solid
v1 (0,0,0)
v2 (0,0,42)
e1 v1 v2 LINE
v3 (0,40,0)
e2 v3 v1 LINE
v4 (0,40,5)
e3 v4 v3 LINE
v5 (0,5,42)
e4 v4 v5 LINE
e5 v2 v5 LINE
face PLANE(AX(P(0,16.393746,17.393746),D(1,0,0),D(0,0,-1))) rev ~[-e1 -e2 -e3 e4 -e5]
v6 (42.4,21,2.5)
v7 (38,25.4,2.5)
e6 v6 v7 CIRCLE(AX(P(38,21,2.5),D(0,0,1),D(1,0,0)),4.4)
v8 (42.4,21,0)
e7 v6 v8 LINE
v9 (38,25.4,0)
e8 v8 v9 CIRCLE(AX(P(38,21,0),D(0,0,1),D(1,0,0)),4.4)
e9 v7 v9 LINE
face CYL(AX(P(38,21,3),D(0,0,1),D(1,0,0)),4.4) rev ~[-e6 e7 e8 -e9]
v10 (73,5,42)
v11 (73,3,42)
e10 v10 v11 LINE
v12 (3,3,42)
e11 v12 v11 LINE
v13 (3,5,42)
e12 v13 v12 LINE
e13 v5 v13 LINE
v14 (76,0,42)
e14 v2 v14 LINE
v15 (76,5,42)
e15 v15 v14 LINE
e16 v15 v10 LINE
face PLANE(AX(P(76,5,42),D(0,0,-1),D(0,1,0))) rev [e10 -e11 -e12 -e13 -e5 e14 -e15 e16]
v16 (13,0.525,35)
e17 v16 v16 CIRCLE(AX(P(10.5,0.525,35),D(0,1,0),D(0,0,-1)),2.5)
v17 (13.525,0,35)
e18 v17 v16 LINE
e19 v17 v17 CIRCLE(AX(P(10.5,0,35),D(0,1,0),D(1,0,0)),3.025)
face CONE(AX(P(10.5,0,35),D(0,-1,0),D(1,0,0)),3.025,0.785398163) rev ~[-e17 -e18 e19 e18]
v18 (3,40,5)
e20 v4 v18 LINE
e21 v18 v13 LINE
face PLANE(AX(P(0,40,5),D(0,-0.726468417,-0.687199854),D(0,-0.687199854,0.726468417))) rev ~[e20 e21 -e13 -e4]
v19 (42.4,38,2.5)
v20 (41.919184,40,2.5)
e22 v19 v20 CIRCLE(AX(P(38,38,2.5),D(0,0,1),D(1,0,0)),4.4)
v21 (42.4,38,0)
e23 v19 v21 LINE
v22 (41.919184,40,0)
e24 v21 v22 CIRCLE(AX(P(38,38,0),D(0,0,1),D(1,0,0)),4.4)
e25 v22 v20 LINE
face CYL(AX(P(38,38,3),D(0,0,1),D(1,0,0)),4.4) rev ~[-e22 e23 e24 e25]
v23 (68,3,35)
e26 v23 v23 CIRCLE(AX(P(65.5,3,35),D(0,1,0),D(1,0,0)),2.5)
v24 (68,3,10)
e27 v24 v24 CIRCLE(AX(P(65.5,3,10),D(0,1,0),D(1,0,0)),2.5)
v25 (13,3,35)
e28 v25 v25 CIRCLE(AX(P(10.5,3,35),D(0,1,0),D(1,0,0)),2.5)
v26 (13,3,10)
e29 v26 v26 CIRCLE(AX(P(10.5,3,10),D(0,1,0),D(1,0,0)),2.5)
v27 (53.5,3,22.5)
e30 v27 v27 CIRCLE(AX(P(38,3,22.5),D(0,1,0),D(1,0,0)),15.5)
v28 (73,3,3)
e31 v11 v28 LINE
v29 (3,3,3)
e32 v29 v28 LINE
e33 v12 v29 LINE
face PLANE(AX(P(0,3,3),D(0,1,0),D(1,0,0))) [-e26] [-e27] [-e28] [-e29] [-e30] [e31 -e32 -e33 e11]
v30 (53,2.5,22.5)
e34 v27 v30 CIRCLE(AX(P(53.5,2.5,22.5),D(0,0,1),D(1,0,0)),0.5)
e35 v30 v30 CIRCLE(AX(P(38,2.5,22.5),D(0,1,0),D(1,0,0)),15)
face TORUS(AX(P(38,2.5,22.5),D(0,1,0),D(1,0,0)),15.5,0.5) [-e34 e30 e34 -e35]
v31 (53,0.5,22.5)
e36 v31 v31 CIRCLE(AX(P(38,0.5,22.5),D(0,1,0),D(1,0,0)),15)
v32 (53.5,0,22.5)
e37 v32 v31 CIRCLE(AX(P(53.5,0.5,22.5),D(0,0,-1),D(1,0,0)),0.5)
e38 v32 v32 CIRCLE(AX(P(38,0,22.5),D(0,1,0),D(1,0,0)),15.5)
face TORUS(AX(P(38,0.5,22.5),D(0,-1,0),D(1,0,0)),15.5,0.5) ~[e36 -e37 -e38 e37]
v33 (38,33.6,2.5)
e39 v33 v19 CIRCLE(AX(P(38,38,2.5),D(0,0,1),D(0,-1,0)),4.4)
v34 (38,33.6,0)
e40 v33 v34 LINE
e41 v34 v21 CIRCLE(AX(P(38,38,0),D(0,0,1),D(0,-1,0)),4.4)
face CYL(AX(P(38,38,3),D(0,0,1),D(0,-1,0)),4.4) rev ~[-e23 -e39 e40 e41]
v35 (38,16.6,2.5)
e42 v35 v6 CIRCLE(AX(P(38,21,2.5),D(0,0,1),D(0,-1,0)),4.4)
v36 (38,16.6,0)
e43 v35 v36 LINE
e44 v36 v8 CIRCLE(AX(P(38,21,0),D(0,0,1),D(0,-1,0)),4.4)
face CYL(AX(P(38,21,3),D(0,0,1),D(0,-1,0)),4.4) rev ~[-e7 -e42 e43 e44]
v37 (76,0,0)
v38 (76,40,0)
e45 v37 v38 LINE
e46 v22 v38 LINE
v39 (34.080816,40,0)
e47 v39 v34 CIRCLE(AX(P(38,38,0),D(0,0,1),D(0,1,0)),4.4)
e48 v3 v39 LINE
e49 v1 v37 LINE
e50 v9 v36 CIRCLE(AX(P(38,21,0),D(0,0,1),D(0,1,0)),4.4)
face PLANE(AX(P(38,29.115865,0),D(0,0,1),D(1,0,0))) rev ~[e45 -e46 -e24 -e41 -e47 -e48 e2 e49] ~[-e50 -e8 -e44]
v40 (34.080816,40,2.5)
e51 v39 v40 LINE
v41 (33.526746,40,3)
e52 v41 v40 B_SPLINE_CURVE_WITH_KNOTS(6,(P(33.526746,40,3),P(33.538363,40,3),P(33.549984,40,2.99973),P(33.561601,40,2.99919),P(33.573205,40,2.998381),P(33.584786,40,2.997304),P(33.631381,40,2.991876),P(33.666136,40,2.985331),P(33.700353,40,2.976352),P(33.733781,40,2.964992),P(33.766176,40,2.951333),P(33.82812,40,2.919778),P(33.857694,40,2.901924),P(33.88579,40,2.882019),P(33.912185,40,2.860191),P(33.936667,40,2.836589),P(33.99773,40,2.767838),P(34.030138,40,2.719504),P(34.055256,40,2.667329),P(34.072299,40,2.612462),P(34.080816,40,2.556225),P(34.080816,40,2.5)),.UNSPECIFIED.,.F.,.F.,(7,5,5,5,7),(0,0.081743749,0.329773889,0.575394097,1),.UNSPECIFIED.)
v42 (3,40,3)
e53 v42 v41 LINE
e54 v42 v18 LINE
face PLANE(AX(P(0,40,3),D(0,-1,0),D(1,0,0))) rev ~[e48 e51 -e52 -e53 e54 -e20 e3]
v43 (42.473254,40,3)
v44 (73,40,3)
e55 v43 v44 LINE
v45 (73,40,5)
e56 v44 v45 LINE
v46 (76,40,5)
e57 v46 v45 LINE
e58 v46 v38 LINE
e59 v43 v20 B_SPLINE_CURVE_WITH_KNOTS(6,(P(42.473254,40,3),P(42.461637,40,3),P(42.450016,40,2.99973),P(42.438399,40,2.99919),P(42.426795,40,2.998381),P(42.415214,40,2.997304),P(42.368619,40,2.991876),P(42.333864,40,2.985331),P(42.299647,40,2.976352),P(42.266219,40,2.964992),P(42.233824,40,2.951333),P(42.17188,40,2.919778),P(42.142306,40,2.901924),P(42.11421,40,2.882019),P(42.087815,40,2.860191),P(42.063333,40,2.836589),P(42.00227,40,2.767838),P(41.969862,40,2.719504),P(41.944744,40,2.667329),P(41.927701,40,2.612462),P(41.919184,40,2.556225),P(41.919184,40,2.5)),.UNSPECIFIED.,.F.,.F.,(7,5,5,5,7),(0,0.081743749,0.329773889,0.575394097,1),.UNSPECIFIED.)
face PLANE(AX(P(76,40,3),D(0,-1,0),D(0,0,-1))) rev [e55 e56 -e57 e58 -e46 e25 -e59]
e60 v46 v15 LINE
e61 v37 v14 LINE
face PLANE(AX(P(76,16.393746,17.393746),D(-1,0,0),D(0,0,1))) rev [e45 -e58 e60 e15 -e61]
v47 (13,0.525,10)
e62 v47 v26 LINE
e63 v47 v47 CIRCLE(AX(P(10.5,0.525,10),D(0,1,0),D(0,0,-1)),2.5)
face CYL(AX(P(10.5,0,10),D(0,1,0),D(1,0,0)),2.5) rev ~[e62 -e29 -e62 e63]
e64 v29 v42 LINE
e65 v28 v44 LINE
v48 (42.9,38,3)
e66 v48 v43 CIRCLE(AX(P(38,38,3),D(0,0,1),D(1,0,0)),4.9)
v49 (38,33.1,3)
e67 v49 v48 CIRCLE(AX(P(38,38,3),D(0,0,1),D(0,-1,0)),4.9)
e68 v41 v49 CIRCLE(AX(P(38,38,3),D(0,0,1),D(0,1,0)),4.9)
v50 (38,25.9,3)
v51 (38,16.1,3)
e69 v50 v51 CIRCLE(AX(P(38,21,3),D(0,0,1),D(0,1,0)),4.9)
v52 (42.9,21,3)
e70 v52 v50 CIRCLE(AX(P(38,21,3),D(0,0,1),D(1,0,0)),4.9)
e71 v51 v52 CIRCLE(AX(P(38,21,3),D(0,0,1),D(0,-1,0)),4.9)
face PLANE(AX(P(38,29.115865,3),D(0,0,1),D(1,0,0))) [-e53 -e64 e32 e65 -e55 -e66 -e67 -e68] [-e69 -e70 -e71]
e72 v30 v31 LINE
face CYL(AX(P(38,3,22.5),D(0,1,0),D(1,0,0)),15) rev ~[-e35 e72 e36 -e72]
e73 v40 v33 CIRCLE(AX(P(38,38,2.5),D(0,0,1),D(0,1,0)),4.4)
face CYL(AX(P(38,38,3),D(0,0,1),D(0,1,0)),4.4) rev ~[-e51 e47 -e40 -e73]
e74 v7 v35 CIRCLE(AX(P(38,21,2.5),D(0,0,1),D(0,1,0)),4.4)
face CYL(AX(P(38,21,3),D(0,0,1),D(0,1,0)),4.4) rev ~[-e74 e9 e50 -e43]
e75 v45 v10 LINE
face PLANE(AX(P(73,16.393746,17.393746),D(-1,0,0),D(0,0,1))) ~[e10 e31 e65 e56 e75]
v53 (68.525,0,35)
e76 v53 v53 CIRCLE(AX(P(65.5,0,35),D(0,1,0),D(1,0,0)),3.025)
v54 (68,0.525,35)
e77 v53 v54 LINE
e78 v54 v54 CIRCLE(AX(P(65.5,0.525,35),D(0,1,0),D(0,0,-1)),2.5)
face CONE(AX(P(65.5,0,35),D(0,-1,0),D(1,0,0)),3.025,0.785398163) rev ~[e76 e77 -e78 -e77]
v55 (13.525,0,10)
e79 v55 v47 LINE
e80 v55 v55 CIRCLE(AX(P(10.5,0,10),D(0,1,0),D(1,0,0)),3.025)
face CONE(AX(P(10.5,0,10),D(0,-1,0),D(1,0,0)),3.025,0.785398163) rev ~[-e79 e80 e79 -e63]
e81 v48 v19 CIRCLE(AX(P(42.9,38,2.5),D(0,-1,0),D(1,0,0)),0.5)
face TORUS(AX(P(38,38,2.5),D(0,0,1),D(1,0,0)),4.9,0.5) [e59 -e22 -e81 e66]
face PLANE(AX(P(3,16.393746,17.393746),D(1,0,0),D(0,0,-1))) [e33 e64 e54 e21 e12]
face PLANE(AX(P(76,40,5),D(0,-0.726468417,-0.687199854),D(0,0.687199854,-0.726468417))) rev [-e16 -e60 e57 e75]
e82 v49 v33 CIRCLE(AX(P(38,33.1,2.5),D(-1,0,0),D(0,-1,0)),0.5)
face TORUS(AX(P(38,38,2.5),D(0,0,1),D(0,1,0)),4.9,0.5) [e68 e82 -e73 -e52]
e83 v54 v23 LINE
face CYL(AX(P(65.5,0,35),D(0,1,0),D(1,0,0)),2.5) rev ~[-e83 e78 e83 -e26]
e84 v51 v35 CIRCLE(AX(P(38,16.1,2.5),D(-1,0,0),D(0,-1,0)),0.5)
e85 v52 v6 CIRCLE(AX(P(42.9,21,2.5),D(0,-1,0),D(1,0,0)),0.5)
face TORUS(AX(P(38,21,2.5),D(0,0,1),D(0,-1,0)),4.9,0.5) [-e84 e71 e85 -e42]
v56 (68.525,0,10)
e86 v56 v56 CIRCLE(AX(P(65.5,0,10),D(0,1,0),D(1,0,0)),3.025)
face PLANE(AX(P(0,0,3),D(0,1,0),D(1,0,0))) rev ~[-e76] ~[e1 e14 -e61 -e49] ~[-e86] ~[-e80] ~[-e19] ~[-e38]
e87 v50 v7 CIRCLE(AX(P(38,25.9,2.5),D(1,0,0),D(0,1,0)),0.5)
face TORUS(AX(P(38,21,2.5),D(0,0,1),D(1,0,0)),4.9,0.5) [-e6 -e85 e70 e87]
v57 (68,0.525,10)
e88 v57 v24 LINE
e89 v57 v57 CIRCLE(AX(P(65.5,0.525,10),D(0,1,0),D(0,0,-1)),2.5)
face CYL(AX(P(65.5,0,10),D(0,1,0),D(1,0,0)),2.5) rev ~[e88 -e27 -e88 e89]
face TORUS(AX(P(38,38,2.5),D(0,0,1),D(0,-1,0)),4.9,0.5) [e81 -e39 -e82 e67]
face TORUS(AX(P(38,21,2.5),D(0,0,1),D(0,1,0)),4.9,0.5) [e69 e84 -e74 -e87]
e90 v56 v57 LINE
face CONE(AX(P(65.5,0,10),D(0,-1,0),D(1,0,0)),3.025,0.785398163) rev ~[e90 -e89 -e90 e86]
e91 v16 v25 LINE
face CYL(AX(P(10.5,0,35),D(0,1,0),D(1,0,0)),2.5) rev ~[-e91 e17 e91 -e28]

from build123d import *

# Parameters (mm, degrees)
EXTRUDE_1_DEPTH              = 3
SKETCH_2_W                   = 76
SKETCH_2_H                   = 3
EXTRUDE_2_DEPTH              = 39
CUT_EXTRUDE_1_DEPTH          = 52
CUT_EXTRUDE_2_DEPTH          = 52
EXTRUDE_3_DEPTH              = 3
HOLE_WIZARD_M6_2_D           = 5
HOLE_WIZARD_M6_2_CSINK_D     = 6.05
HOLE_WIZARD_M6_2_CSINK_ANGLE = 90
FILLET_4_R                   = 5
FILLET_5_R                   = 0.5
SKETCH_15_W                  = 76
SKETCH_15_H                  = 31.455270273
CUT_EXTRUDE_3_DEPTH          = 21


with BuildPart() as part:
    # 草图1 → 凸台-拉伸1 (new body)
    with BuildSketch(Plane.XY):
        Polygon((48, 70), (28, 70), (0, 40), (0, 0), (76, 0), (76, 40), align=None)
    extrude(amount=EXTRUDE_1_DEPTH)

    # 草图2 → 凸台-拉伸2 (add)
    with BuildSketch(Plane.XY.offset(3)):
        with Locations((38, 1.5)):
            Rectangle(SKETCH_2_W, SKETCH_2_H)
    extrude(amount=EXTRUDE_2_DEPTH)

    # 草图7 → 切除-拉伸1 (cut)
    with BuildSketch(Plane.XY.offset(3)):
        with BuildLine():
            ThreePointArc((42.4, 55), (41.111269837, 58.111269837), (38, 59.4))
            Line((38, 59.4), (38, 50.6))
            ThreePointArc((38, 50.6), (41.111269837, 51.888730163), (42.4, 55))
        make_face()
        with BuildLine():
            Line((38, 50.6), (38, 59.4))
            ThreePointArc((38, 59.4), (33.6, 55), (38, 50.6))
        make_face()
        with BuildLine():
            ThreePointArc((42.4, 38), (41.111269837, 41.111269837), (38, 42.4))
            Line((38, 42.4), (38, 33.6))
            ThreePointArc((38, 33.6), (41.111269837, 34.888730163), (42.4, 38))
        make_face()
        with BuildLine():
            Line((38, 33.6), (38, 42.4))
            ThreePointArc((38, 42.4), (33.6, 38), (38, 33.6))
        make_face()
        with BuildLine():
            ThreePointArc((42.4, 21), (41.111269837, 24.111269837), (38, 25.4))
            Line((38, 25.4), (38, 16.6))
            ThreePointArc((38, 16.6), (41.111269837, 17.888730163), (42.4, 21))
        make_face()
        with BuildLine():
            Line((38, 16.6), (38, 25.4))
            ThreePointArc((38, 25.4), (33.6, 21), (38, 16.6))
        make_face()
    extrude(amount=-CUT_EXTRUDE_1_DEPTH, mode=Mode.SUBTRACT)

    # 草图8 → 切除-拉伸2 (cut)
    with BuildSketch(Plane(origin=(0, 3, 0), x_dir=(1, 0, 0), z_dir=(0, 1, 0))):
        with BuildLine():
            ThreePointArc((23, -22.5), (38, -37.5), (53, -22.5))
            Line((53, -22.5), (23, -22.5))
        make_face()
        with BuildLine():
            Line((23, -22.5), (53, -22.5))
            ThreePointArc((53, -22.5), (38, -7.5), (23, -22.5))
        make_face()
    extrude(amount=-CUT_EXTRUDE_2_DEPTH, mode=Mode.SUBTRACT)

    # 草图10 → 凸台-拉伸3 (add)
    with BuildSketch(Plane.ZY):
        Polygon((3, 40), (5, 40), (42, 5), (42, 3), (3, 3), align=None)
    extrude_3 = extrude(amount=-EXTRUDE_3_DEPTH)

    # 镜向1: 凸台-拉伸3 across plane
    add(extrude_3.mirror(Plane(origin=(38, 0, 0), x_dir=(0, 0, 1), z_dir=(1, 0, 0))))

    # M6 螺纹孔2 (through all)
    with Locations(Plane(origin=(0, 0, 0), x_dir=(-1, 0, 0), z_dir=(0, -1, 0))):
        with Locations((-65.5, -10), (-10.5, -10), (-10.5, -35), (-65.5, -35)):
            CounterSinkHole(HOLE_WIZARD_M6_2_D / 2, HOLE_WIZARD_M6_2_CSINK_D / 2, counter_sink_angle=HOLE_WIZARD_M6_2_CSINK_ANGLE)

    # 圆角4
    fillet_4_edges = [part.edges().sort_by_distance(p)[0] for p in [
        (48, 70, 1.5),
        (28, 70, 1.5),
    ]]
    fillet(fillet_4_edges, radius=FILLET_4_R)

    # 圆角5
    fillet_5_edges = [part.edges().sort_by_distance(p)[0] for p in [
        (38, 50.6, 3),
        (38, 33.6, 3),
        (38, 16.6, 3),
        (23, 0, 22.5),
        (23, 3, 22.5),
    ]]
    fillet(fillet_5_edges, radius=FILLET_5_R)

    # 草图15 → 切除-拉伸3 (cut)
    with BuildSketch(Plane.XY.offset(3)):
        with Locations((38, 55.727635137)):
            Rectangle(SKETCH_15_W, SKETCH_15_H)
    extrude(amount=-CUT_EXTRUDE_3_DEPTH, mode=Mode.SUBTRACT)


solid = part.part
